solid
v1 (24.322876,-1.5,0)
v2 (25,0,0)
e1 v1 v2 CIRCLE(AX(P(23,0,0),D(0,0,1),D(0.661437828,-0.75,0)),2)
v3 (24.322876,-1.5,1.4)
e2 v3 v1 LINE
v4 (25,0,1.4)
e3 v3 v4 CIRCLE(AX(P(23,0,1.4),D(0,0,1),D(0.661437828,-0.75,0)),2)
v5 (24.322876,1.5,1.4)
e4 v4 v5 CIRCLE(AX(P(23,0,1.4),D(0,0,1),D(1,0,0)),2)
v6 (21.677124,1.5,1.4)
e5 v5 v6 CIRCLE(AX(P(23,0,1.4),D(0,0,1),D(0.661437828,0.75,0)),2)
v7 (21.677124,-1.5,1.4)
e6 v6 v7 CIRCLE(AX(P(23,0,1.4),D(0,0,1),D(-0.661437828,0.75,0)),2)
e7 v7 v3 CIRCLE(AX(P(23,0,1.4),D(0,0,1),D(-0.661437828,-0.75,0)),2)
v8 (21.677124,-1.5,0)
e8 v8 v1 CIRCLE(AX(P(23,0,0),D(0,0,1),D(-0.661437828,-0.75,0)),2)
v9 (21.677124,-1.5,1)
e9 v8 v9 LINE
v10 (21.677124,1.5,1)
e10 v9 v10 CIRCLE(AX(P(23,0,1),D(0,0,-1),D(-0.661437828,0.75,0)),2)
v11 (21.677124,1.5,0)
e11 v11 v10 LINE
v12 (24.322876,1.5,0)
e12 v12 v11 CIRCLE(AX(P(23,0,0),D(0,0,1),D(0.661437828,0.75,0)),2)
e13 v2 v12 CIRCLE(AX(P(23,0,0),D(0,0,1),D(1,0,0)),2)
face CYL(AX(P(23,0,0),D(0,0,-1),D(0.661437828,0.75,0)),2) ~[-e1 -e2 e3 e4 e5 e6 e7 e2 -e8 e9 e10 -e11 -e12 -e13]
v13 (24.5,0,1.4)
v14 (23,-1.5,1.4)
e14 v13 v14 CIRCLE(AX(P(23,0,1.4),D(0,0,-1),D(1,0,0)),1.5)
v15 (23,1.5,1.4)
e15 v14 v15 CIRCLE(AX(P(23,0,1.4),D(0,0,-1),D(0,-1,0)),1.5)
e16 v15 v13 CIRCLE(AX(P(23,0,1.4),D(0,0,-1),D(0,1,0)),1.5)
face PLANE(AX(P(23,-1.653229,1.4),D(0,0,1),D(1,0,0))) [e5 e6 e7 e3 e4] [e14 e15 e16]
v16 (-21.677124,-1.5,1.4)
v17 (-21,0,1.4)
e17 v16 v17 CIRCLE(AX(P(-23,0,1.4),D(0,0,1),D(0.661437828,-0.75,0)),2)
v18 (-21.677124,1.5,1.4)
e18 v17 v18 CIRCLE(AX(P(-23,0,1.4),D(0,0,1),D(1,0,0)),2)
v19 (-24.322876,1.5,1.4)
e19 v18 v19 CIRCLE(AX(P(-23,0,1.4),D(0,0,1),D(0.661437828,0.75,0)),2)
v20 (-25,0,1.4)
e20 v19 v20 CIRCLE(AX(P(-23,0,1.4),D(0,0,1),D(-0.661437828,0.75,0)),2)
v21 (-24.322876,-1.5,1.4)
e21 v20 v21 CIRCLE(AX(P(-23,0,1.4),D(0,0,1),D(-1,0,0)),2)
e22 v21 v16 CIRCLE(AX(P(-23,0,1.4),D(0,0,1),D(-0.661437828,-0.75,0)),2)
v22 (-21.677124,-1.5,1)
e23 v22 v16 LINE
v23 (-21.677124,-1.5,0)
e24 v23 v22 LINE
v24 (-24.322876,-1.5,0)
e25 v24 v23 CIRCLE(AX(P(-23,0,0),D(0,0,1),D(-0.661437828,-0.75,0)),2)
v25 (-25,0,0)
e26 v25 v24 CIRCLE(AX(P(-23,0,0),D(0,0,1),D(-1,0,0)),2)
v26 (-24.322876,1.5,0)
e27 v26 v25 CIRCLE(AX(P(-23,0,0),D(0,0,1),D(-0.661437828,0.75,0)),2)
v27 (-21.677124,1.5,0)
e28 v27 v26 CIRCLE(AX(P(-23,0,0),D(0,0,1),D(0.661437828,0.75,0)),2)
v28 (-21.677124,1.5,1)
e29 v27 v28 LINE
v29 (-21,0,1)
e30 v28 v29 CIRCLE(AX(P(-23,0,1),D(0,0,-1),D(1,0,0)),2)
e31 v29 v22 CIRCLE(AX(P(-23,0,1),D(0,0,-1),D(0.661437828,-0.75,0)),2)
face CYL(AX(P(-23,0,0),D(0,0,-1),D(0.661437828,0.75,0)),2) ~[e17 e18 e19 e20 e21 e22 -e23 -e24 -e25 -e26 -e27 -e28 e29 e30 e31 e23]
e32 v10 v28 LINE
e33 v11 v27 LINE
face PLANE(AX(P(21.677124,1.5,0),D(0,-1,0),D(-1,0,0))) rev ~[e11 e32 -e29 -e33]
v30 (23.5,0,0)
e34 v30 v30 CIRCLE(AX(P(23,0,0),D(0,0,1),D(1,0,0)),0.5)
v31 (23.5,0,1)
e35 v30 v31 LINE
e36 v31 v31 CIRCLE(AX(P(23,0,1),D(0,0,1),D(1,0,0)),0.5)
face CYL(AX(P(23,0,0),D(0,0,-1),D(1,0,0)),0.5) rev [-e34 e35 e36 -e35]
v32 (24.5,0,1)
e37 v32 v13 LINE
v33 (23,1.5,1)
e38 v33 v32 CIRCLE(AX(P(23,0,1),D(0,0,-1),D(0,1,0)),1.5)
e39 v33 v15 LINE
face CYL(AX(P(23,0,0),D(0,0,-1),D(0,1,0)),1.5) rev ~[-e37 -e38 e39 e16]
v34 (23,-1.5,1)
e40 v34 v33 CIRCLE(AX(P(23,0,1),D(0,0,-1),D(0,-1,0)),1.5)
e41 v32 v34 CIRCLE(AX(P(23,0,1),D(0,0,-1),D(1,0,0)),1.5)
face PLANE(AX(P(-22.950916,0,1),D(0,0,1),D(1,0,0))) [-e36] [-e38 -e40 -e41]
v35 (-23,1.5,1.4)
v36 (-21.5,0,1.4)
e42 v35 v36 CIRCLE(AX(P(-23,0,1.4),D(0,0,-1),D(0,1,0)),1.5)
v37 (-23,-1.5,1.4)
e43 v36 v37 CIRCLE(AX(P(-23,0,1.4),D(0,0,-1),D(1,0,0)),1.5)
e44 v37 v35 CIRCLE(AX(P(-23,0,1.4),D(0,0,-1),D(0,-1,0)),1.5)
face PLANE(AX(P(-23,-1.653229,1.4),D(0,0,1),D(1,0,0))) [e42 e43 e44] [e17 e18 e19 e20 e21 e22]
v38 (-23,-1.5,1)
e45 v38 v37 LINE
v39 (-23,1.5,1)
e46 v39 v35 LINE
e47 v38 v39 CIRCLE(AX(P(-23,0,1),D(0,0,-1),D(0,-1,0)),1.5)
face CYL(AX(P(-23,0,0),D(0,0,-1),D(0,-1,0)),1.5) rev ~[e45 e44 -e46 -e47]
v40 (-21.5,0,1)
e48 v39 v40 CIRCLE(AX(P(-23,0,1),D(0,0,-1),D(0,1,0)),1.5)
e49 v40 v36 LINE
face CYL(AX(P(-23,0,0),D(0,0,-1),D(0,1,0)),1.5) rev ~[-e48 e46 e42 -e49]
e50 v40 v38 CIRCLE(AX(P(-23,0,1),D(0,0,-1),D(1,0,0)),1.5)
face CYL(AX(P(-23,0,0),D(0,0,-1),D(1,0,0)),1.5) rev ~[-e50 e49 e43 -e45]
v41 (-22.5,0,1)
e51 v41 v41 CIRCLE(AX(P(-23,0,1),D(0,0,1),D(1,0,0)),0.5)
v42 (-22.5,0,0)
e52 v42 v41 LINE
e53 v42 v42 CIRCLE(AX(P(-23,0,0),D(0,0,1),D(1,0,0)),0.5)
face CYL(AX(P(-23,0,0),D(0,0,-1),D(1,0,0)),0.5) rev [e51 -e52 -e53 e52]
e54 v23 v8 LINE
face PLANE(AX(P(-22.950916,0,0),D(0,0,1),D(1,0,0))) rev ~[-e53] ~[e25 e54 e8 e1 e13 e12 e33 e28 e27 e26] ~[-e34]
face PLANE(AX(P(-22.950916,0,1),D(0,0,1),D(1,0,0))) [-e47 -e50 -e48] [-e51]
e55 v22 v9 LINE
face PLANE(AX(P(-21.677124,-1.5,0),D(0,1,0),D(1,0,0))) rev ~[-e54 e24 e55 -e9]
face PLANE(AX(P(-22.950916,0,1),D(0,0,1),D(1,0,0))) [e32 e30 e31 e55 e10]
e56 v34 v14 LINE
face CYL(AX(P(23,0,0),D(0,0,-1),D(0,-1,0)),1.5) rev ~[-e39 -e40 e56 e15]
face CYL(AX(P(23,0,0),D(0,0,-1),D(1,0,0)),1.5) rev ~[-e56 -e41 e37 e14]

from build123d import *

# Parameters (mm, degrees)
F0_R     = 0.5
F1_DEPTH = 1
F2_DEPTH = 1.4


with BuildPart() as f1:
    # F0 (on Top) → F1 (new body)
    with BuildSketch(Plane.XY):
        with BuildLine():
            ThreePointArc((-23, 1.5), (-24.5, 0), (-23, -1.5))
            ThreePointArc((-23, -1.5), (-21.9393398282, -1.0606601718), (-21.5, 0))
            ThreePointArc((-21.5, 0), (-21.9393398282, 1.0606601718), (-23, 1.5))
        make_face()
        with Locations((-23, 0)):
            Circle(F0_R, mode=Mode.SUBTRACT)
        with BuildLine():
            Line((-23, -1.5), (-24.3228756555, -1.5))
            ThreePointArc((-24.3228756555, -1.5), (-23, -2), (-21.6771243445, -1.5))
            Line((-21.6771243445, -1.5), (-23, -1.5))
        make_face()
        with BuildLine():
            ThreePointArc((-21.6771243445, 1.5), (-23, 2), (-24.3228756555, 1.5))
            Line((-24.3228756555, 1.5), (-23, 1.5))
            Line((-23, 1.5), (-21.6771243445, 1.5))
        make_face()
        with BuildLine():
            ThreePointArc((-21, 0), (-21.1771243445, -0.8228756555), (-21.6771243445, -1.5))
            Line((-21.6771243445, -1.5), (21.6771243445, -1.5))
            ThreePointArc((21.6771243445, -1.5), (21, 0), (21.6771243445, 1.5))
            Line((21.6771243445, 1.5), (-21.6771243445, 1.5))
            ThreePointArc((-21.6771243445, 1.5), (-21.1771243445, 0.8228756555), (-21, 0))
        make_face()
        with BuildLine():
            ThreePointArc((23, 1.5), (21.5, 0), (23, -1.5))
            ThreePointArc((23, -1.5), (24.0606601718, -1.0606601718), (24.5, 0))
            ThreePointArc((24.5, 0), (24.0606601718, 1.0606601718), (23, 1.5))
        make_face()
        with Locations((23, 0)):
            Circle(F0_R, mode=Mode.SUBTRACT)
        with BuildLine():
            Line((23, -1.5), (21.6771243445, -1.5))
            ThreePointArc((21.6771243445, -1.5), (23, -2), (24.3228756555, -1.5))
            Line((24.3228756555, -1.5), (23, -1.5))
        make_face()
        with BuildLine():
            ThreePointArc((24.3228756555, 1.5), (23, 2), (21.6771243445, 1.5))
            Line((21.6771243445, 1.5), (23, 1.5))
            Line((23, 1.5), (24.3228756555, 1.5))
        make_face()
        with BuildLine():
            ThreePointArc((21.6771243445, 1.5), (21, 0), (21.6771243445, -1.5))
            Line((21.6771243445, -1.5), (23, -1.5))
            ThreePointArc((23, -1.5), (21.5, 0), (23, 1.5))
            Line((23, 1.5), (21.6771243445, 1.5))
        make_face()
        with BuildLine():
            ThreePointArc((24.5, 0), (24.0606601718, -1.0606601718), (23, -1.5))
            Line((23, -1.5), (24.3228756555, -1.5))
            ThreePointArc((24.3228756555, -1.5), (24.8228756555, -0.8228756555), (25, 0))
            ThreePointArc((25, 0), (24.8228756555, 0.8228756555), (24.3228756555, 1.5))
            Line((24.3228756555, 1.5), (23, 1.5))
            ThreePointArc((23, 1.5), (24.0606601718, 1.0606601718), (24.5, 0))
        make_face()
        with BuildLine():
            ThreePointArc((-25, 0), (-24.8228756555, -0.8228756555), (-24.3228756555, -1.5))
            Line((-24.3228756555, -1.5), (-23, -1.5))
            ThreePointArc((-23, -1.5), (-24.5, 0), (-23, 1.5))
            Line((-23, 1.5), (-24.3228756555, 1.5))
            ThreePointArc((-24.3228756555, 1.5), (-24.8228756555, 0.8228756555), (-25, 0))
        make_face()
        with BuildLine():
            ThreePointArc((-21.5, 0), (-21.9393398282, -1.0606601718), (-23, -1.5))
            Line((-23, -1.5), (-21.6771243445, -1.5))
            ThreePointArc((-21.6771243445, -1.5), (-21.1771243445, -0.8228756555), (-21, 0))
            ThreePointArc((-21, 0), (-21.1771243445, 0.8228756555), (-21.6771243445, 1.5))
            Line((-21.6771243445, 1.5), (-23, 1.5))
            ThreePointArc((-23, 1.5), (-21.9393398282, 1.0606601718), (-21.5, 0))
        make_face()
    extrude(amount=F1_DEPTH)

    # F0 (on Top) → F2 (join)
    with BuildSketch(Plane.XY):
        with BuildLine():
            Line((-23, -1.5), (-24.3228756555, -1.5))
            ThreePointArc((-24.3228756555, -1.5), (-23, -2), (-21.6771243445, -1.5))
            Line((-21.6771243445, -1.5), (-23, -1.5))
        make_face()
        with BuildLine():
            ThreePointArc((-25, 0), (-24.8228756555, -0.8228756555), (-24.3228756555, -1.5))
            Line((-24.3228756555, -1.5), (-23, -1.5))
            ThreePointArc((-23, -1.5), (-24.5, 0), (-23, 1.5))
            Line((-23, 1.5), (-24.3228756555, 1.5))
            ThreePointArc((-24.3228756555, 1.5), (-24.8228756555, 0.8228756555), (-25, 0))
        make_face()
        with BuildLine():
            ThreePointArc((-21.5, 0), (-21.9393398282, -1.0606601718), (-23, -1.5))
            Line((-23, -1.5), (-21.6771243445, -1.5))
            ThreePointArc((-21.6771243445, -1.5), (-21.1771243445, -0.8228756555), (-21, 0))
            ThreePointArc((-21, 0), (-21.1771243445, 0.8228756555), (-21.6771243445, 1.5))
            Line((-21.6771243445, 1.5), (-23, 1.5))
            ThreePointArc((-23, 1.5), (-21.9393398282, 1.0606601718), (-21.5, 0))
        make_face()
        with BuildLine():
            ThreePointArc((-21.6771243445, 1.5), (-23, 2), (-24.3228756555, 1.5))
            Line((-24.3228756555, 1.5), (-23, 1.5))
            Line((-23, 1.5), (-21.6771243445, 1.5))
        make_face()
        with BuildLine():
            Line((23, -1.5), (21.6771243445, -1.5))
            ThreePointArc((21.6771243445, -1.5), (23, -2), (24.3228756555, -1.5))
            Line((24.3228756555, -1.5), (23, -1.5))
        make_face()
        with BuildLine():
            ThreePointArc((24.5, 0), (24.0606601718, -1.0606601718), (23, -1.5))
            Line((23, -1.5), (24.3228756555, -1.5))
            ThreePointArc((24.3228756555, -1.5), (24.8228756555, -0.8228756555), (25, 0))
            ThreePointArc((25, 0), (24.8228756555, 0.8228756555), (24.3228756555, 1.5))
            Line((24.3228756555, 1.5), (23, 1.5))
            ThreePointArc((23, 1.5), (24.0606601718, 1.0606601718), (24.5, 0))
        make_face()
        with BuildLine():
            ThreePointArc((24.3228756555, 1.5), (23, 2), (21.6771243445, 1.5))
            Line((21.6771243445, 1.5), (23, 1.5))
            Line((23, 1.5), (24.3228756555, 1.5))
        make_face()
        with BuildLine():
            ThreePointArc((21.6771243445, 1.5), (21, 0), (21.6771243445, -1.5))
            Line((21.6771243445, -1.5), (23, -1.5))
            ThreePointArc((23, -1.5), (21.5, 0), (23, 1.5))
            Line((23, 1.5), (21.6771243445, 1.5))
        make_face()
    extrude(amount=F2_DEPTH)


solid = f1.part
